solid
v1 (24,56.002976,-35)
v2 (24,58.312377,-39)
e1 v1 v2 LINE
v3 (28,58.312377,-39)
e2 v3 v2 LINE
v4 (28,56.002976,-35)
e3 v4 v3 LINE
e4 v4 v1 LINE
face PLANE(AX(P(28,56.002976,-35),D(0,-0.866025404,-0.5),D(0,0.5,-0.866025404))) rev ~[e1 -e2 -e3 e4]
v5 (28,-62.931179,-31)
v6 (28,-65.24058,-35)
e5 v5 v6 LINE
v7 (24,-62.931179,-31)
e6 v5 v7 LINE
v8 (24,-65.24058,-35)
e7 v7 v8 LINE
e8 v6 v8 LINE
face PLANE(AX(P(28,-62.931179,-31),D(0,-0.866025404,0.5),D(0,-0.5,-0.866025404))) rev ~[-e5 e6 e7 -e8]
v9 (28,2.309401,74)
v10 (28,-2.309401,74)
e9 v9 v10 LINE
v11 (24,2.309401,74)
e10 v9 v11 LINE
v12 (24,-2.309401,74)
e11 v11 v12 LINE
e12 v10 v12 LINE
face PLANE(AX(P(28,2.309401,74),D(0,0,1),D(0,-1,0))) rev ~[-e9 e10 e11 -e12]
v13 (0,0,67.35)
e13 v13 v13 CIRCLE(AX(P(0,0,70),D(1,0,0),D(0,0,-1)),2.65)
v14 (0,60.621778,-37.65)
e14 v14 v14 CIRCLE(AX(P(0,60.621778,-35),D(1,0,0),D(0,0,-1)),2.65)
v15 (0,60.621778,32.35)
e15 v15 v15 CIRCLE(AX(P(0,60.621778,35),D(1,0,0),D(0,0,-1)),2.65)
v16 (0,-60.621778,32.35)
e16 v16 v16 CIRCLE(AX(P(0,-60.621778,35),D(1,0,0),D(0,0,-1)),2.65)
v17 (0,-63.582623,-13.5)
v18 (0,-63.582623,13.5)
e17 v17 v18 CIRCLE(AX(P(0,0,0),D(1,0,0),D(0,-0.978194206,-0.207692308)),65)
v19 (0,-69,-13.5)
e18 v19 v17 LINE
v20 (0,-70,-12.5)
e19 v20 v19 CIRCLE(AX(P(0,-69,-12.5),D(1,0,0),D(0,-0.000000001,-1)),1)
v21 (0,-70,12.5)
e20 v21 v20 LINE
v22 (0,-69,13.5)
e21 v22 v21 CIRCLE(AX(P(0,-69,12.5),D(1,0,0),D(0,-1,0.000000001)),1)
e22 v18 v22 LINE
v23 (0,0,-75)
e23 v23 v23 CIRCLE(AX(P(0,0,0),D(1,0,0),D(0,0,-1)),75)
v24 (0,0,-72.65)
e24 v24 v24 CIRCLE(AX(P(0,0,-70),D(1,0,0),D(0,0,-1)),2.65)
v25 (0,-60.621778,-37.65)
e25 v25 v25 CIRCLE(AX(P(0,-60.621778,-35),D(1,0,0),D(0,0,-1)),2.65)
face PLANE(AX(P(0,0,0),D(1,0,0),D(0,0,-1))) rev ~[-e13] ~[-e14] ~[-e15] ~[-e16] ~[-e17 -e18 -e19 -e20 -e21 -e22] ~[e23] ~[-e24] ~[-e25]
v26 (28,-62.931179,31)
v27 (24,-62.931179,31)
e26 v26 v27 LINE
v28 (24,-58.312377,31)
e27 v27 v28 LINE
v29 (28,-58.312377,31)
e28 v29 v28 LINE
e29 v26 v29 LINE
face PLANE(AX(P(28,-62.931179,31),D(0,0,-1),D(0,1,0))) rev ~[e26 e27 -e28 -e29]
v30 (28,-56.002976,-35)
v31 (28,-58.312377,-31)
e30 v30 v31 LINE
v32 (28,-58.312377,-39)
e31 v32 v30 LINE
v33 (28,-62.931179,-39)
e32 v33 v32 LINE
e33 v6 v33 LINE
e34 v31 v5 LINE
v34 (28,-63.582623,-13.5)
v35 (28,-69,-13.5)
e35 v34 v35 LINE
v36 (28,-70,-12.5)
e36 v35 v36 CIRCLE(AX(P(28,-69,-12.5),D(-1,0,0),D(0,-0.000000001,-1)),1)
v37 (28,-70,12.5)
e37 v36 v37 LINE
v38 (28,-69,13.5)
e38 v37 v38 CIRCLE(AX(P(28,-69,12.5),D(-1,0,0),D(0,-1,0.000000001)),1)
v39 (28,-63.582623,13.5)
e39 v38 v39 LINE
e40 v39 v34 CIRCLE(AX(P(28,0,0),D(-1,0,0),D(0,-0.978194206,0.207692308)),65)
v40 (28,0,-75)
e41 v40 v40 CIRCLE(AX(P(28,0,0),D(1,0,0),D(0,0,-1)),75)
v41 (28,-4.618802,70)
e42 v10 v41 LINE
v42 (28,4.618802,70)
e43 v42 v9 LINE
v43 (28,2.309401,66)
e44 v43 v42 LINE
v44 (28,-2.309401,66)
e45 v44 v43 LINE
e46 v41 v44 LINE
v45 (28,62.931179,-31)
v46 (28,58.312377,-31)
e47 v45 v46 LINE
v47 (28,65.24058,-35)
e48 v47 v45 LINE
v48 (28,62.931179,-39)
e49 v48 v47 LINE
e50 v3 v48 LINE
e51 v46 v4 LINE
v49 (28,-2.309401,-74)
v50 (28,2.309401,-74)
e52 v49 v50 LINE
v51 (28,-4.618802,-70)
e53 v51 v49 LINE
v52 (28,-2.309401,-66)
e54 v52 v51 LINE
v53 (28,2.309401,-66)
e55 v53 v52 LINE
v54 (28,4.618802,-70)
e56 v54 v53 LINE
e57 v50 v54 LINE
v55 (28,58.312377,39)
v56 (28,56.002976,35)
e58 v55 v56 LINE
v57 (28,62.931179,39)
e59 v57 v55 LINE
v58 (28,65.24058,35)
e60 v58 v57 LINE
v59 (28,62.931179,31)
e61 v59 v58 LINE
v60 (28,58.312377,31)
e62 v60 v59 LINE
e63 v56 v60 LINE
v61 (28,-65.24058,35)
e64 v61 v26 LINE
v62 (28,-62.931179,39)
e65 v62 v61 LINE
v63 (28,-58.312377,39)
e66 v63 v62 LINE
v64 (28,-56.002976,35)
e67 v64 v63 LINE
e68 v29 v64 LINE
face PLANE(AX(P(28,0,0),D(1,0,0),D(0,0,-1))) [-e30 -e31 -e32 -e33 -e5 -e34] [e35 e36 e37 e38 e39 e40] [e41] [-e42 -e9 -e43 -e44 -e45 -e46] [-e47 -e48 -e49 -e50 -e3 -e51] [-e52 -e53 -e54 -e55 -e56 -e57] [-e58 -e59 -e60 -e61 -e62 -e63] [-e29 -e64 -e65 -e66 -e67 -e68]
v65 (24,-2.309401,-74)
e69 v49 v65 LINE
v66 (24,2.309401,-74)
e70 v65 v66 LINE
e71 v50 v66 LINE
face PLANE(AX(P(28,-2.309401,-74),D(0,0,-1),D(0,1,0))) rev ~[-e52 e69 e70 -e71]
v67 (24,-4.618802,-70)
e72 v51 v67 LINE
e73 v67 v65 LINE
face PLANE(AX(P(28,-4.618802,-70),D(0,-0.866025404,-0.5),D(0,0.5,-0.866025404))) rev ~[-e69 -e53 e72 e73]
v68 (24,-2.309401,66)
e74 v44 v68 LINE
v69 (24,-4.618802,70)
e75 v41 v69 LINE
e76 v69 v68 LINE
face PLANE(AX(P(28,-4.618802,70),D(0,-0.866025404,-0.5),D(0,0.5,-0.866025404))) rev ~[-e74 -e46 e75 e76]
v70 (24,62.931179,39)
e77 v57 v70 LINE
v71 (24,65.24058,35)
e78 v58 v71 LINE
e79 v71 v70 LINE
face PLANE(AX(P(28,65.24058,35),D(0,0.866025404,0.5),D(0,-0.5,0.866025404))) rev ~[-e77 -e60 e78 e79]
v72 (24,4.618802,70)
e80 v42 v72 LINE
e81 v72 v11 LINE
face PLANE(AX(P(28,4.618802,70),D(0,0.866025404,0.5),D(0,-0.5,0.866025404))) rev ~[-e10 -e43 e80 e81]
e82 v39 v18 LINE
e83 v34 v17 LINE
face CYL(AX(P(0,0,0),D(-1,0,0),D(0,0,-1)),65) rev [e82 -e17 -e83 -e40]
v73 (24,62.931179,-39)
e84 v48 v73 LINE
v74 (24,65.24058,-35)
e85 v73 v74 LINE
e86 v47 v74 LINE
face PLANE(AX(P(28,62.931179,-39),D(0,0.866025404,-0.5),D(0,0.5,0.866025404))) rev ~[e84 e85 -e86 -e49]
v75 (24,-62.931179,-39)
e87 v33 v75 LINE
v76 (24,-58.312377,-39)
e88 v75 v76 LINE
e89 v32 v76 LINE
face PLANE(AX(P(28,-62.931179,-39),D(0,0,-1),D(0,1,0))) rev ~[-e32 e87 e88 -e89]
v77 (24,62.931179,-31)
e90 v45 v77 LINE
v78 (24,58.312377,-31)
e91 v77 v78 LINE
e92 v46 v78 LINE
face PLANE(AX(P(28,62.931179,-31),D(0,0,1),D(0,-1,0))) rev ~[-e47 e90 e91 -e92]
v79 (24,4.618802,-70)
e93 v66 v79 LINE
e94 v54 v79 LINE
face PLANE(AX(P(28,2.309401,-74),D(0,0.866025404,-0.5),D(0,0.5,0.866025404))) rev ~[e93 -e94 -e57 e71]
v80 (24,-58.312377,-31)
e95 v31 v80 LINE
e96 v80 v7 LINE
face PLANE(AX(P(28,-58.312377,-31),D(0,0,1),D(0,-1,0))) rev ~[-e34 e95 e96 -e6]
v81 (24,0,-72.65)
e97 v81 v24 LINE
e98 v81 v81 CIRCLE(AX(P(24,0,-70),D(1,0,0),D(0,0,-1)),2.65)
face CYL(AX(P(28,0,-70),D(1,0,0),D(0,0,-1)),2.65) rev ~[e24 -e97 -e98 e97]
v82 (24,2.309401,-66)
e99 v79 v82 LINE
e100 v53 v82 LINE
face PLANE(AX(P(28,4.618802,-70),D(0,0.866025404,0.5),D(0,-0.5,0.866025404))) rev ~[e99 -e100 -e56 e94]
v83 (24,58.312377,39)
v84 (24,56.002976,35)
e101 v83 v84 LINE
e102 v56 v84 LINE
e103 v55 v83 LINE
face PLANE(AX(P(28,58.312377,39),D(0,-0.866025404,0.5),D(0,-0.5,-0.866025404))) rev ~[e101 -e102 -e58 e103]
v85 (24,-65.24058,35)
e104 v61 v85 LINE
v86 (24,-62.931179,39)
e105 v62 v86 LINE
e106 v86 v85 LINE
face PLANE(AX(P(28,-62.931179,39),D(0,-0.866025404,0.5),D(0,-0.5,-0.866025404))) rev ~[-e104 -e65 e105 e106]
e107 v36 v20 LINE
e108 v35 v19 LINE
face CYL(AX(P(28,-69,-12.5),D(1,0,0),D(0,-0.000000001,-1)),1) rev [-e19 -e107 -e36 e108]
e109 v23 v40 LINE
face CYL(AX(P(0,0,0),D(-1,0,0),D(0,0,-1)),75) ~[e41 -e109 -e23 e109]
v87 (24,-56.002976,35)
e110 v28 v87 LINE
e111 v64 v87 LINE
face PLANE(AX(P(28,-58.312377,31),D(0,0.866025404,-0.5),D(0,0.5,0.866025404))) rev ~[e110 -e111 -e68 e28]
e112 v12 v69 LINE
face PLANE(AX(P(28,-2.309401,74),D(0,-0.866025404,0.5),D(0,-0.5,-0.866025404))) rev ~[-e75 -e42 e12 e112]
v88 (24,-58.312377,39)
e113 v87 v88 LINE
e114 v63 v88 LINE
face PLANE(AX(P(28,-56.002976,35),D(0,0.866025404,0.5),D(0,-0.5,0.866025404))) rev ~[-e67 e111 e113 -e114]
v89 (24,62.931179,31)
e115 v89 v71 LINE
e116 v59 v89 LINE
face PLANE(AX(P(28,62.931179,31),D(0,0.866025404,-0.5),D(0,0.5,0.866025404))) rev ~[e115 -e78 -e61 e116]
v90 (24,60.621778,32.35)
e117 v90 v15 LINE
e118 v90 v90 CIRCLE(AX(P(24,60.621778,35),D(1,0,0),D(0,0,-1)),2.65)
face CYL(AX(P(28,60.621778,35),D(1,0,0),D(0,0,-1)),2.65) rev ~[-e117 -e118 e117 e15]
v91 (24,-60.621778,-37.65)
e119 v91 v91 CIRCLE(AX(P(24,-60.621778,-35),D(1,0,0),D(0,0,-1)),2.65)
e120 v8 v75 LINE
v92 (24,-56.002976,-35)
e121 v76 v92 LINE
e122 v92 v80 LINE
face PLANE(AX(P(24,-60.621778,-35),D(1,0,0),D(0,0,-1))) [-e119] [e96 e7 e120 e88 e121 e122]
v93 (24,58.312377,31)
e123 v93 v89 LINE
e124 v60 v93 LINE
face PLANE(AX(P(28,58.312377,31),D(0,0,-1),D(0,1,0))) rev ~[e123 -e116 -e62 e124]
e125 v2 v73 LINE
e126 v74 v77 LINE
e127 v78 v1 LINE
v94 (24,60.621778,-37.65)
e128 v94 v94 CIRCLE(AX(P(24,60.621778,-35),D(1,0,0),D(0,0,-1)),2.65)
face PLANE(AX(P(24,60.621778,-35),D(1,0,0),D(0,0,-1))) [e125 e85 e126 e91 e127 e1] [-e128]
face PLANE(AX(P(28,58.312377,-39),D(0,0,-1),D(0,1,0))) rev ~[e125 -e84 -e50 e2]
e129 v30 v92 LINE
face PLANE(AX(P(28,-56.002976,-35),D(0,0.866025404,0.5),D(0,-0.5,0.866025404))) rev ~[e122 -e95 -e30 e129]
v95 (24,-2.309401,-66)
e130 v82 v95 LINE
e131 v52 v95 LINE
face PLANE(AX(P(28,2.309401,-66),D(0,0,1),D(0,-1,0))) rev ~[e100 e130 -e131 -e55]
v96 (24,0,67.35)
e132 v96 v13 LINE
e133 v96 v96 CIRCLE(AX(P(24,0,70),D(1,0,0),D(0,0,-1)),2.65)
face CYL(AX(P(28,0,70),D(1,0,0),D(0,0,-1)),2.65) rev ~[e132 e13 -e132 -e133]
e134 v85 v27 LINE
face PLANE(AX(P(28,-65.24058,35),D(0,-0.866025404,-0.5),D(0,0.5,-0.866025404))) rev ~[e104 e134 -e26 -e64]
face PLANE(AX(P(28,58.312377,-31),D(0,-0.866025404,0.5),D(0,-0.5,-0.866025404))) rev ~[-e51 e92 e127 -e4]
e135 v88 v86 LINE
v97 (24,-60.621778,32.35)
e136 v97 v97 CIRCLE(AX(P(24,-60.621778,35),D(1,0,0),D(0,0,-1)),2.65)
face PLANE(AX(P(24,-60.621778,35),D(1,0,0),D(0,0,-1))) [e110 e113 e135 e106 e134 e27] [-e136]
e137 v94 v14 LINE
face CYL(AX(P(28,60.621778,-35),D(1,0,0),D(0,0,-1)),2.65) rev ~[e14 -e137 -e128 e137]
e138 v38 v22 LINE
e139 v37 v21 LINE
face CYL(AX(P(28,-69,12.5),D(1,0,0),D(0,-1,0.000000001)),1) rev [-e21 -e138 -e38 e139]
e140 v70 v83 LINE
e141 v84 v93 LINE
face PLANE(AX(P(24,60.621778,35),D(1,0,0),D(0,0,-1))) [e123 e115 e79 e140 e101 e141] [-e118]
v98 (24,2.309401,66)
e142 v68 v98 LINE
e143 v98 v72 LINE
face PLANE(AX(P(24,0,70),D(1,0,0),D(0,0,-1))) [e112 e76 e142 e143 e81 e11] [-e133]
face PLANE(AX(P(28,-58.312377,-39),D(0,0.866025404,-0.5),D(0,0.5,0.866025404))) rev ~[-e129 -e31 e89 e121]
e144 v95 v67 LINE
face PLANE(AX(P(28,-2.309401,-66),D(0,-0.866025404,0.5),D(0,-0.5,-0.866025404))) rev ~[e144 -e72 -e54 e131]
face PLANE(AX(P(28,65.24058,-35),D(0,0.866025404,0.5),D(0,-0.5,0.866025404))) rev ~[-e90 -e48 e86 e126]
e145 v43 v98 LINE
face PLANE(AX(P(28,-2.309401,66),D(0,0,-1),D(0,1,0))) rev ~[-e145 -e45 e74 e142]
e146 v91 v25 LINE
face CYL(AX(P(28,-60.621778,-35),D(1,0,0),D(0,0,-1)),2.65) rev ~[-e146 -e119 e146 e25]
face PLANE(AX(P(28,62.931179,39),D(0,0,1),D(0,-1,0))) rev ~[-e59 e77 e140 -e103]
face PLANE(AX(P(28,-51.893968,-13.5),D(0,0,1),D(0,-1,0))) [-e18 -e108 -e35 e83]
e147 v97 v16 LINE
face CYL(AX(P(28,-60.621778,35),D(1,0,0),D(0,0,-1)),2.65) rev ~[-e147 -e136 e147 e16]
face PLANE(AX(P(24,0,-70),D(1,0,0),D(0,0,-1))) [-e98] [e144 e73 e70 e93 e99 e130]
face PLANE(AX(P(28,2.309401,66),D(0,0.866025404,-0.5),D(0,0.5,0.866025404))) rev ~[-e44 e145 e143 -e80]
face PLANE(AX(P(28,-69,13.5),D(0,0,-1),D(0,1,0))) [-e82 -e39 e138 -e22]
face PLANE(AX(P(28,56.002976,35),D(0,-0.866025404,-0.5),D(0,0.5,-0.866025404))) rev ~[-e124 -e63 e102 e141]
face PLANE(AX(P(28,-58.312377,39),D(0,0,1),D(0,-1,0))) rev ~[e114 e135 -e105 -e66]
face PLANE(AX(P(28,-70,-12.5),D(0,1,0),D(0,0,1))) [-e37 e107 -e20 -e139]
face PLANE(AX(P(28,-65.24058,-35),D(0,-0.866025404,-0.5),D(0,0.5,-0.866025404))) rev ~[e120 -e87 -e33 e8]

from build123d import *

# Parameters (mm, degrees)
SKETCH1_R           = 75
SKETCH1_R_2         = 65
BOSS_EXTRUDE1_DEPTH = 28
CUT_EXTRUDE1_REACH  = 111.7
CUT_EXTRUDE2_REACH  = 111.7
SKETCH3_R           = 2.65
CUT_EXTRUDE3_DEPTH  = 4


with BuildPart() as part:
    # Sketch1 → Boss-Extrude1 (new body)
    with BuildSketch(Plane(origin=(0, 0, 0), x_dir=(0, 0, -1), z_dir=(1, 0, 0))):
        Circle(SKETCH1_R)
        Circle(SKETCH1_R_2, mode=Mode.SUBTRACT)
    extrude(amount=BOSS_EXTRUDE1_DEPTH)

    # Sketch2 → Cut-Extrude1 (cut, up to next)
    with BuildSketch(Plane(origin=(28, 0, 0), x_dir=(0, 0, -1), z_dir=(1, 0, 0)), mode=Mode.PRIVATE) as cut_extrude1_sk1:
        with BuildLine():
            Line((-13.5, -51.893967527), (13.5, -51.893967527))
            Line((13.5, -51.893967527), (13.5, -69))
            ThreePointArc((13.5, -69), (13.207106781, -69.707106781), (12.5, -70))
            Line((12.5, -70), (-12.5, -70))
            ThreePointArc((-12.5, -70), (-13.207106781, -69.707106781), (-13.5, -69))
            Line((-13.5, -69), (-13.5, -51.893967527))
        make_face()
    cut_extrude1_tool1 = extrude(cut_extrude1_sk1.sketch, amount=-CUT_EXTRUDE1_REACH, mode=Mode.PRIVATE) & part.part
    add(cut_extrude1_tool1.solids().sort_by_distance((28, -60.939225, 0))[0], mode=Mode.SUBTRACT)

    # Sketch3 → Cut-Extrude2 (cut, up to next)
    with BuildSketch(Plane(origin=(28, 0, 0), x_dir=(0, 0, -1), z_dir=(1, 0, 0)), mode=Mode.PRIVATE) as cut_extrude2_sk1:
        with Locations((-70, 0)):
            Circle(SKETCH3_R)
    cut_extrude2_tool1 = extrude(cut_extrude2_sk1.sketch, amount=-CUT_EXTRUDE2_REACH, mode=Mode.PRIVATE) & part.part
    # Sketch3 → Cut-Extrude2 (cut, up to next)
    with BuildSketch(Plane(origin=(28, 0, 0), x_dir=(0, 0, -1), z_dir=(1, 0, 0)), mode=Mode.PRIVATE) as cut_extrude2_sk2:
        with Locations((-35, 60.621778265)):
            Circle(SKETCH3_R)
    cut_extrude2_tool2 = extrude(cut_extrude2_sk2.sketch, amount=-CUT_EXTRUDE2_REACH, mode=Mode.PRIVATE) & part.part
    # Sketch3 → Cut-Extrude2 (cut, up to next)
    with BuildSketch(Plane(origin=(28, 0, 0), x_dir=(0, 0, -1), z_dir=(1, 0, 0)), mode=Mode.PRIVATE) as cut_extrude2_sk3:
        with Locations((35, 60.621778265)):
            Circle(SKETCH3_R)
    cut_extrude2_tool3 = extrude(cut_extrude2_sk3.sketch, amount=-CUT_EXTRUDE2_REACH, mode=Mode.PRIVATE) & part.part
    # Sketch3 → Cut-Extrude2 (cut, up to next)
    with BuildSketch(Plane(origin=(28, 0, 0), x_dir=(0, 0, -1), z_dir=(1, 0, 0)), mode=Mode.PRIVATE) as cut_extrude2_sk4:
        with Locations((70, 0)):
            Circle(SKETCH3_R)
    cut_extrude2_tool4 = extrude(cut_extrude2_sk4.sketch, amount=-CUT_EXTRUDE2_REACH, mode=Mode.PRIVATE) & part.part
    # Sketch3 → Cut-Extrude2 (cut, up to next)
    with BuildSketch(Plane(origin=(28, 0, 0), x_dir=(0, 0, -1), z_dir=(1, 0, 0)), mode=Mode.PRIVATE) as cut_extrude2_sk5:
        with Locations((35, -60.621778265)):
            Circle(SKETCH3_R)
    cut_extrude2_tool5 = extrude(cut_extrude2_sk5.sketch, amount=-CUT_EXTRUDE2_REACH, mode=Mode.PRIVATE) & part.part
    # Sketch3 → Cut-Extrude2 (cut, up to next)
    with BuildSketch(Plane(origin=(28, 0, 0), x_dir=(0, 0, -1), z_dir=(1, 0, 0)), mode=Mode.PRIVATE) as cut_extrude2_sk6:
        with Locations((-35, -60.621778265)):
            Circle(SKETCH3_R)
    cut_extrude2_tool6 = extrude(cut_extrude2_sk6.sketch, amount=-CUT_EXTRUDE2_REACH, mode=Mode.PRIVATE) & part.part
    add(cut_extrude2_tool1.solids().sort_by_distance((28, 0, 70))[0], mode=Mode.SUBTRACT)
    add(cut_extrude2_tool2.solids().sort_by_distance((28, 60.621778, 35))[0], mode=Mode.SUBTRACT)
    add(cut_extrude2_tool3.solids().sort_by_distance((28, 60.621778, -35))[0], mode=Mode.SUBTRACT)
    add(cut_extrude2_tool4.solids().sort_by_distance((28, 0, -70))[0], mode=Mode.SUBTRACT)
    add(cut_extrude2_tool5.solids().sort_by_distance((28, -60.621778, -35))[0], mode=Mode.SUBTRACT)
    add(cut_extrude2_tool6.solids().sort_by_distance((28, -60.621778, 35))[0], mode=Mode.SUBTRACT)

    # Sketch4 → Cut-Extrude3 (cut)
    with BuildSketch(Plane(origin=(28, 0, 0), x_dir=(0, 0, -1), z_dir=(1, 0, 0))):
        Polygon((-39, 58.312377188), (-35, 56.002976111), (-31, 58.312377188), (-31, 62.931179342), (-35, 65.240580418), (-39, 62.931179342), align=None)
        Polygon((-70, -4.618802154), (-66, -2.309401077), (-66, 2.309401077), (-70, 4.618802154), (-74, 2.309401077), (-74, -2.309401077), align=None)
        Polygon((31, 62.931179342), (31, 58.312377188), (35, 56.002976111), (39, 58.312377188), (39, 62.931179342), (35, 65.240580418), align=None)
        Polygon((70, 4.618802154), (66, 2.309401077), (66, -2.309401077), (70, -4.618802154), (74, -2.309401077), (74, 2.309401077), align=None)
        Polygon((39, -58.312377188), (35, -56.002976111), (31, -58.312377188), (31, -62.931179342), (35, -65.240580418), (39, -62.931179342), align=None)
        Polygon((-31, -62.931179342), (-31, -58.312377188), (-35, -56.002976111), (-39, -58.312377188), (-39, -62.931179342), (-35, -65.240580418), align=None)
    extrude(amount=-CUT_EXTRUDE3_DEPTH, mode=Mode.SUBTRACT)


solid = part.part
